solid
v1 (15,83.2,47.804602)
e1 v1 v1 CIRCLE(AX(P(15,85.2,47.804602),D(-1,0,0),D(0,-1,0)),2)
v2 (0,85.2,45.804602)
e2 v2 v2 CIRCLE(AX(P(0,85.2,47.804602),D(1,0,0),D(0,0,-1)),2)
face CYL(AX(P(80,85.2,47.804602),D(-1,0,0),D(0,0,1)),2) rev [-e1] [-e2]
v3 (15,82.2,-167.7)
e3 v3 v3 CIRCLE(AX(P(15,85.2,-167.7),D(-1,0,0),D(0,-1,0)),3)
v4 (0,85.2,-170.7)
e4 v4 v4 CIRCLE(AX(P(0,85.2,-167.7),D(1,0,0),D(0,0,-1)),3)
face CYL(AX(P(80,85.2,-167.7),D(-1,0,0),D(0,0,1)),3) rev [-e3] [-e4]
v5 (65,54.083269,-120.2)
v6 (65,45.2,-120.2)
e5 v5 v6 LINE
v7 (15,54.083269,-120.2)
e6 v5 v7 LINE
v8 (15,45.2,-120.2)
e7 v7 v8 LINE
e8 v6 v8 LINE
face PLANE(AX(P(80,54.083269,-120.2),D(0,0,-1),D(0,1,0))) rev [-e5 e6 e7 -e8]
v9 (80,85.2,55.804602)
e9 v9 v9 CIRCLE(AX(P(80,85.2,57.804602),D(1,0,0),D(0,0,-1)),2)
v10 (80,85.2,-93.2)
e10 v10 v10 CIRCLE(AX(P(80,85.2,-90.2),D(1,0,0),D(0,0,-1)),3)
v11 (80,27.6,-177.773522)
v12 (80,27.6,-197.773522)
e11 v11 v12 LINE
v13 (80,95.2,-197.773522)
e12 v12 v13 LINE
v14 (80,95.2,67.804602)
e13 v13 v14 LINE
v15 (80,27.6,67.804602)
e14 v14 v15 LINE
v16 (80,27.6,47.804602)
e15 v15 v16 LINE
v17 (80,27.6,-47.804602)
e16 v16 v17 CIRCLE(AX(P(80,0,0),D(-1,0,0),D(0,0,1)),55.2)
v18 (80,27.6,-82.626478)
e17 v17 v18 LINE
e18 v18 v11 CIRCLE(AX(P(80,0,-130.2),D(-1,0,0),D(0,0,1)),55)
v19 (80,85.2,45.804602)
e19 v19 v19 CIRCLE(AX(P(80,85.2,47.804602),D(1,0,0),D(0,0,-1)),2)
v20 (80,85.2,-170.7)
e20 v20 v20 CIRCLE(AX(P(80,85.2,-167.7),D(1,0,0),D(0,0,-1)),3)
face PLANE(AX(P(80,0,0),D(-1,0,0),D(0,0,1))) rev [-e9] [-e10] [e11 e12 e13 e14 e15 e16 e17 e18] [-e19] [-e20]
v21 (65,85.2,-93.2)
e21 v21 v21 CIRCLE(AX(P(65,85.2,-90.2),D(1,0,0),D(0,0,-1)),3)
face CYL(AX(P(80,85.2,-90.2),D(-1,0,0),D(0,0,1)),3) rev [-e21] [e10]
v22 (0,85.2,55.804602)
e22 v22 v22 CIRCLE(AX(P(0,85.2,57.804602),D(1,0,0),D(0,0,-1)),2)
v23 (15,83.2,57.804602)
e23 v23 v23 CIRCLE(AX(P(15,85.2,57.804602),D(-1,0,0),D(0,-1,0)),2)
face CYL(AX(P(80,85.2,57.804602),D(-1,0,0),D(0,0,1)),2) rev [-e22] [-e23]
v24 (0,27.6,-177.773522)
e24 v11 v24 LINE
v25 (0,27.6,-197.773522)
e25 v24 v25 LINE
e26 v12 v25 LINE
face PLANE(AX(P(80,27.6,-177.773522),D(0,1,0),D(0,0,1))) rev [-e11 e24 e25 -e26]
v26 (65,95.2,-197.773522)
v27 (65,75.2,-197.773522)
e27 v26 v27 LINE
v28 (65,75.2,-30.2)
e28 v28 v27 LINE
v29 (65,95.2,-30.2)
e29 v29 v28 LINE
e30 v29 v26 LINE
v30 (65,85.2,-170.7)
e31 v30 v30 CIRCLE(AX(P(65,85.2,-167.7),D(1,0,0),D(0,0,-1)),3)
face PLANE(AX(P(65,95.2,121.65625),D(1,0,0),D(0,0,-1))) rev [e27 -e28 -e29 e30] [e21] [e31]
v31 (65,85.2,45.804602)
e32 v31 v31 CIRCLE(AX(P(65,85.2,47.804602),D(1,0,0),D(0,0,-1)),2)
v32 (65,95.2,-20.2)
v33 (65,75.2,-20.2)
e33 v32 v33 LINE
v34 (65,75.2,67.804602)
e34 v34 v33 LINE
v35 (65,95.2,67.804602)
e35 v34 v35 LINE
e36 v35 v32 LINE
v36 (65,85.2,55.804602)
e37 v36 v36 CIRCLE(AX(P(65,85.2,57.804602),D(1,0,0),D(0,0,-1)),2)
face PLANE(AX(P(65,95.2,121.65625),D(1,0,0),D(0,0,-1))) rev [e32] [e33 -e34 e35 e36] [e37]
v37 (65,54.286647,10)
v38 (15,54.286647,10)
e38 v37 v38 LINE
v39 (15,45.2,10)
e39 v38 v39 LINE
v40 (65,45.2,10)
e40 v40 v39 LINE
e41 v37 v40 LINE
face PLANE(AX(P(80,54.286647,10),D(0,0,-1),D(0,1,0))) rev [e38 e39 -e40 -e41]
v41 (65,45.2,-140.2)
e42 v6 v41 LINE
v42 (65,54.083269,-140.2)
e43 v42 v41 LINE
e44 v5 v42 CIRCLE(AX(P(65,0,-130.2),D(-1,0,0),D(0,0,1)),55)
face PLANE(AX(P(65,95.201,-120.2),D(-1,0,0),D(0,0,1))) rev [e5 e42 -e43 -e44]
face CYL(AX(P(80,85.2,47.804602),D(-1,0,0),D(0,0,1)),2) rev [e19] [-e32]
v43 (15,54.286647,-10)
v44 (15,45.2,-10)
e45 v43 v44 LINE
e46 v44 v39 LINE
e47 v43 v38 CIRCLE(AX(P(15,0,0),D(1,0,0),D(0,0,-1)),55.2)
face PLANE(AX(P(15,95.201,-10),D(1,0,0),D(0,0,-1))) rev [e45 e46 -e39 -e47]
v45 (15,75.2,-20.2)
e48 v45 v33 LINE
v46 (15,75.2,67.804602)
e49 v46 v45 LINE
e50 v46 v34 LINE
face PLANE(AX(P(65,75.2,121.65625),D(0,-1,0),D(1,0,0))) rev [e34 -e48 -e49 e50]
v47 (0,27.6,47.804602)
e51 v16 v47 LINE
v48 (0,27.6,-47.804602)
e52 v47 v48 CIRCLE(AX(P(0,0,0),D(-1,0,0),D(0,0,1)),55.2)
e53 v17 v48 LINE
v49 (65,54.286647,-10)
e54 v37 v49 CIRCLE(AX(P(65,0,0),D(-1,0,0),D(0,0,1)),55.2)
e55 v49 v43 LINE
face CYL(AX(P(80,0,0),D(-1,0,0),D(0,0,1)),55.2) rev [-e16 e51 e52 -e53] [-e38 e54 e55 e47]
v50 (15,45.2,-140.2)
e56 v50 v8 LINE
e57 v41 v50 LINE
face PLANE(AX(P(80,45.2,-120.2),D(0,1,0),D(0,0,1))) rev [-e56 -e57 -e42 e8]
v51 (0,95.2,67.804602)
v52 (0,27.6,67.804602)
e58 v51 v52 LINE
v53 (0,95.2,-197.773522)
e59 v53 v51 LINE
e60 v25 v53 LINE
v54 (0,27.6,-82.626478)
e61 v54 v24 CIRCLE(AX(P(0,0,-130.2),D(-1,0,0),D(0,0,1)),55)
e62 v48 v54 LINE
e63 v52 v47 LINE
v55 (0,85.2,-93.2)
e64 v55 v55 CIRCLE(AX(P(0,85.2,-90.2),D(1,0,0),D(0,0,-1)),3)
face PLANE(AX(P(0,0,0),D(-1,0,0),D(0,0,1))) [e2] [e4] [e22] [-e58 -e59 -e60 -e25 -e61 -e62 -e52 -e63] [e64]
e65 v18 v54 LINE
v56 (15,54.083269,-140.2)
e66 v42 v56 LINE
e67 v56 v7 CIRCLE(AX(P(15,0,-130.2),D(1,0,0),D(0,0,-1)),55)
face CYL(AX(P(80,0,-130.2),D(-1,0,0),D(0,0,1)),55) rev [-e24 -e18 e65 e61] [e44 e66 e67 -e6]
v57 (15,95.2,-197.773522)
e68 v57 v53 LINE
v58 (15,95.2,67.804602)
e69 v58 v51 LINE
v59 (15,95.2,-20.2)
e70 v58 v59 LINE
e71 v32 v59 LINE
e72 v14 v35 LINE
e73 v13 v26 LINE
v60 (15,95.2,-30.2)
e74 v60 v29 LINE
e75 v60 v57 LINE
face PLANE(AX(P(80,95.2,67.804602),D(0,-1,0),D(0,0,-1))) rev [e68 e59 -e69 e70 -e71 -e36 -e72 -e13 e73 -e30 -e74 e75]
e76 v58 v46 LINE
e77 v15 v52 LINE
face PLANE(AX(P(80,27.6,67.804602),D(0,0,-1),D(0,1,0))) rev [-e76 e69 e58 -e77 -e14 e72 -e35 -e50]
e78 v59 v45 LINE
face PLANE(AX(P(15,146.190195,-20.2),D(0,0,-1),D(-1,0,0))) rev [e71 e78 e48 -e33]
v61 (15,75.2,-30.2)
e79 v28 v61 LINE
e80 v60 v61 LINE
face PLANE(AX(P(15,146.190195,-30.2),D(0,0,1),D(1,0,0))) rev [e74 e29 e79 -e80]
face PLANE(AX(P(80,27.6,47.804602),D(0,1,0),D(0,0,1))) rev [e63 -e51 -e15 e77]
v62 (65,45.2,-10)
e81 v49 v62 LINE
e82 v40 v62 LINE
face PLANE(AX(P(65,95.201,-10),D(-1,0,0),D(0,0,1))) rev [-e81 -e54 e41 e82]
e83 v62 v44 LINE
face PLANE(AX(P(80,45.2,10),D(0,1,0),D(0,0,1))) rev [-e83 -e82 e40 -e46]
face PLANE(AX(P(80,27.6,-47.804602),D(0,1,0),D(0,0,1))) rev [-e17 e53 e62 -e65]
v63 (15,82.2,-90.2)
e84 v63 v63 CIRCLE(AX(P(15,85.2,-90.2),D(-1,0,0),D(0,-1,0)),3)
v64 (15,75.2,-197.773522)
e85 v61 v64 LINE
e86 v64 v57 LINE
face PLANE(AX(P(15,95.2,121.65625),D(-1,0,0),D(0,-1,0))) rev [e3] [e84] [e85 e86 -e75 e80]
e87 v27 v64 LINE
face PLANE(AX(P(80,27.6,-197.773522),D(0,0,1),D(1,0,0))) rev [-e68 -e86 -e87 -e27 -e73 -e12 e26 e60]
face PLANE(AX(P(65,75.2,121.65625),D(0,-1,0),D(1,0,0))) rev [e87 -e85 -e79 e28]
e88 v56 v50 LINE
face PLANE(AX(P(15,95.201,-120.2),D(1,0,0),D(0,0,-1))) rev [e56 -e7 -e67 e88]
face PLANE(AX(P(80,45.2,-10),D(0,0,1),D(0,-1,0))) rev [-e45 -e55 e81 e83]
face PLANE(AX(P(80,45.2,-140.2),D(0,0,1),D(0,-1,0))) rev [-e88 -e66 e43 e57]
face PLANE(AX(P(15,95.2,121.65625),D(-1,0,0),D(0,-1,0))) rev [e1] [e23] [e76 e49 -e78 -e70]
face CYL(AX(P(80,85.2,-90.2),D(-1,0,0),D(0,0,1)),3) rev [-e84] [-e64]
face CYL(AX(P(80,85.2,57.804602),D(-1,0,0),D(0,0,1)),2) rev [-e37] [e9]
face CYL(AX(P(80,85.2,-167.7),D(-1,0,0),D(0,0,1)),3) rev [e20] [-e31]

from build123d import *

# Parameters (mm, degrees)
SKETCH_2_R               = 2
SKETCH_2_R_2             = 3
EXTRUDE_1_DEPTH          = 80
CUT_EXTRUDE_2_REACH      = 221.122
CUT_EXTRUDE_2_END_RADIUS = 55.2
SKETCH_6_W               = 15
SKETCH_6_H               = 20
SKETCH_7_W               = 50
SKETCH_7_H               = 20
CUT_EXTRUDE_3_DEPTH      = 265.578124336
CUT_EXTRUDE_4_REACH      = 221.122
CUT_EXTRUDE_4_END_RADIUS = 55
SKETCH_8_W               = 15
SKETCH_8_H               = 20
SKETCH_9_W               = 50
SKETCH_9_H               = 10
EXTRUDE_2_DEPTH          = 20


with BuildPart() as part:
    # Эскиз2 → Бобышка-Вытянуть1 (new body)
    with BuildSketch(Plane(origin=(0, 0, 0), x_dir=(0, 0, -1), z_dir=(1, 0, 0))):
        with BuildLine():
            Line((-47.804602289, 27.6), (-67.804602289, 27.6))
            Line((-67.804602289, 27.6), (-67.804602289, 95.2))
            Line((-67.804602289, 95.2), (197.773522047, 95.2))
            Line((197.773522047, 95.2), (197.773522047, 27.6))
            Line((197.773522047, 27.6), (177.773522047, 27.6))
            ThreePointArc((177.773522047, 27.6), (161.886250902, 44.955327869), (140.2, 54.083269132))
            Line((140.2, 54.083269132), (140.2, 45.2))
            Line((140.2, 45.2), (120.2, 45.2))
            Line((120.2, 45.2), (120.2, 54.083269132))
            ThreePointArc((120.2, 54.083269132), (98.513749098, 44.955327869), (82.626477953, 27.6))
            Line((82.626477953, 27.6), (47.804602289, 27.6))
            ThreePointArc((47.804602289, 27.6), (31.83374449, 45.096038759), (10, 54.286646609))
            Line((10, 54.286646609), (10, 45.2))
            Line((10, 45.2), (-10, 45.2))
            Line((-10, 45.2), (-10, 54.286646609))
            ThreePointArc((-10, 54.286646609), (-31.83374449, 45.096038759), (-47.804602289, 27.6))
        make_face()
        with Locations((-47.804602289, 85.2)):
            Circle(SKETCH_2_R, mode=Mode.SUBTRACT)
        with Locations((-57.804602289, 85.2)):
            Circle(SKETCH_2_R, mode=Mode.SUBTRACT)
        with Locations((90.2, 85.2)):
            Circle(SKETCH_2_R_2, mode=Mode.SUBTRACT)
        with Locations((167.7, 85.2)):
            Circle(SKETCH_2_R_2, mode=Mode.SUBTRACT)
    extrude(amount=EXTRUDE_1_DEPTH)

    # Вырез-Вытянуть2: up to this cylinder (the profile starts inside it)
    cut_extrude_2_end = Plane(origin=(40, 0, 0), z_dir=(-1, 0, 0)) * Cylinder(CUT_EXTRUDE_2_END_RADIUS, 618.644, mode=Mode.PRIVATE)
    # Эскиз6 → Вырез-Вытянуть2 (cut, up to the surface)
    with BuildSketch(Plane.XZ.offset(-45.2), mode=Mode.PRIVATE) as cut_extrude_2_sk1:
        with Locations((7.5, 0)):
            Rectangle(SKETCH_6_W, SKETCH_6_H)
    cut_extrude_2_tool1 = extrude(cut_extrude_2_sk1.sketch, amount=-CUT_EXTRUDE_2_REACH, mode=Mode.PRIVATE) & cut_extrude_2_end
    add(cut_extrude_2_tool1.solids().sort_by_distance((7.5, 45.2, 0))[0], mode=Mode.SUBTRACT)
    # Эскиз6 → Вырез-Вытянуть2 (cut, up to the surface)
    with BuildSketch(Plane.XZ.offset(-45.2), mode=Mode.PRIVATE) as cut_extrude_2_sk2:
        with Locations((72.5, 0)):
            Rectangle(SKETCH_6_W, SKETCH_6_H)
    cut_extrude_2_tool2 = extrude(cut_extrude_2_sk2.sketch, amount=-CUT_EXTRUDE_2_REACH, mode=Mode.PRIVATE) & cut_extrude_2_end
    add(cut_extrude_2_tool2.solids().sort_by_distance((72.5, 45.2, 0))[0], mode=Mode.SUBTRACT)

    # Эскиз7 → Вырез-Вытянуть3 (cut)
    with BuildSketch(Plane(origin=(0, 0, -197.773522047), x_dir=(-1, 0, 0), z_dir=(0, 0, -1))):
        with Locations((-40, 85.2)):
            Rectangle(SKETCH_7_W, SKETCH_7_H)
    extrude(amount=-CUT_EXTRUDE_3_DEPTH, mode=Mode.SUBTRACT)

    # Вырез-Вытянуть4: up to this cylinder (the profile starts inside it)
    cut_extrude_4_end = Plane(origin=(40, 0, -130.2), z_dir=(-1, 0, 0)) * Cylinder(CUT_EXTRUDE_4_END_RADIUS, 618.244, mode=Mode.PRIVATE)
    # Эскиз8 → Вырез-Вытянуть4 (cut, up to the surface)
    with BuildSketch(Plane.XZ.offset(-45.2), mode=Mode.PRIVATE) as cut_extrude_4_sk1:
        with Locations((7.5, -130.2)):
            Rectangle(SKETCH_8_W, SKETCH_8_H)
    cut_extrude_4_tool1 = extrude(cut_extrude_4_sk1.sketch, amount=-CUT_EXTRUDE_4_REACH, mode=Mode.PRIVATE) & cut_extrude_4_end
    add(cut_extrude_4_tool1.solids().sort_by_distance((7.5, 45.2, -130.2))[0], mode=Mode.SUBTRACT)
    # Эскиз8 → Вырез-Вытянуть4 (cut, up to the surface)
    with BuildSketch(Plane.XZ.offset(-45.2), mode=Mode.PRIVATE) as cut_extrude_4_sk2:
        with Locations((72.5, -130.2)):
            Rectangle(SKETCH_8_W, SKETCH_8_H)
    cut_extrude_4_tool2 = extrude(cut_extrude_4_sk2.sketch, amount=-CUT_EXTRUDE_4_REACH, mode=Mode.PRIVATE) & cut_extrude_4_end
    add(cut_extrude_4_tool2.solids().sort_by_distance((72.5, 45.2, -130.2))[0], mode=Mode.SUBTRACT)

    # Эскиз9 → Бобышка-Вытянуть2 (add)
    with BuildSketch(Plane(origin=(0, 75.2, 0), x_dir=(1, 0, 0), z_dir=(0, 1, 0))):
        with Locations((40, 25.2)):
            Rectangle(SKETCH_9_W, SKETCH_9_H)
    extrude(amount=EXTRUDE_2_DEPTH)


solid = part.part
